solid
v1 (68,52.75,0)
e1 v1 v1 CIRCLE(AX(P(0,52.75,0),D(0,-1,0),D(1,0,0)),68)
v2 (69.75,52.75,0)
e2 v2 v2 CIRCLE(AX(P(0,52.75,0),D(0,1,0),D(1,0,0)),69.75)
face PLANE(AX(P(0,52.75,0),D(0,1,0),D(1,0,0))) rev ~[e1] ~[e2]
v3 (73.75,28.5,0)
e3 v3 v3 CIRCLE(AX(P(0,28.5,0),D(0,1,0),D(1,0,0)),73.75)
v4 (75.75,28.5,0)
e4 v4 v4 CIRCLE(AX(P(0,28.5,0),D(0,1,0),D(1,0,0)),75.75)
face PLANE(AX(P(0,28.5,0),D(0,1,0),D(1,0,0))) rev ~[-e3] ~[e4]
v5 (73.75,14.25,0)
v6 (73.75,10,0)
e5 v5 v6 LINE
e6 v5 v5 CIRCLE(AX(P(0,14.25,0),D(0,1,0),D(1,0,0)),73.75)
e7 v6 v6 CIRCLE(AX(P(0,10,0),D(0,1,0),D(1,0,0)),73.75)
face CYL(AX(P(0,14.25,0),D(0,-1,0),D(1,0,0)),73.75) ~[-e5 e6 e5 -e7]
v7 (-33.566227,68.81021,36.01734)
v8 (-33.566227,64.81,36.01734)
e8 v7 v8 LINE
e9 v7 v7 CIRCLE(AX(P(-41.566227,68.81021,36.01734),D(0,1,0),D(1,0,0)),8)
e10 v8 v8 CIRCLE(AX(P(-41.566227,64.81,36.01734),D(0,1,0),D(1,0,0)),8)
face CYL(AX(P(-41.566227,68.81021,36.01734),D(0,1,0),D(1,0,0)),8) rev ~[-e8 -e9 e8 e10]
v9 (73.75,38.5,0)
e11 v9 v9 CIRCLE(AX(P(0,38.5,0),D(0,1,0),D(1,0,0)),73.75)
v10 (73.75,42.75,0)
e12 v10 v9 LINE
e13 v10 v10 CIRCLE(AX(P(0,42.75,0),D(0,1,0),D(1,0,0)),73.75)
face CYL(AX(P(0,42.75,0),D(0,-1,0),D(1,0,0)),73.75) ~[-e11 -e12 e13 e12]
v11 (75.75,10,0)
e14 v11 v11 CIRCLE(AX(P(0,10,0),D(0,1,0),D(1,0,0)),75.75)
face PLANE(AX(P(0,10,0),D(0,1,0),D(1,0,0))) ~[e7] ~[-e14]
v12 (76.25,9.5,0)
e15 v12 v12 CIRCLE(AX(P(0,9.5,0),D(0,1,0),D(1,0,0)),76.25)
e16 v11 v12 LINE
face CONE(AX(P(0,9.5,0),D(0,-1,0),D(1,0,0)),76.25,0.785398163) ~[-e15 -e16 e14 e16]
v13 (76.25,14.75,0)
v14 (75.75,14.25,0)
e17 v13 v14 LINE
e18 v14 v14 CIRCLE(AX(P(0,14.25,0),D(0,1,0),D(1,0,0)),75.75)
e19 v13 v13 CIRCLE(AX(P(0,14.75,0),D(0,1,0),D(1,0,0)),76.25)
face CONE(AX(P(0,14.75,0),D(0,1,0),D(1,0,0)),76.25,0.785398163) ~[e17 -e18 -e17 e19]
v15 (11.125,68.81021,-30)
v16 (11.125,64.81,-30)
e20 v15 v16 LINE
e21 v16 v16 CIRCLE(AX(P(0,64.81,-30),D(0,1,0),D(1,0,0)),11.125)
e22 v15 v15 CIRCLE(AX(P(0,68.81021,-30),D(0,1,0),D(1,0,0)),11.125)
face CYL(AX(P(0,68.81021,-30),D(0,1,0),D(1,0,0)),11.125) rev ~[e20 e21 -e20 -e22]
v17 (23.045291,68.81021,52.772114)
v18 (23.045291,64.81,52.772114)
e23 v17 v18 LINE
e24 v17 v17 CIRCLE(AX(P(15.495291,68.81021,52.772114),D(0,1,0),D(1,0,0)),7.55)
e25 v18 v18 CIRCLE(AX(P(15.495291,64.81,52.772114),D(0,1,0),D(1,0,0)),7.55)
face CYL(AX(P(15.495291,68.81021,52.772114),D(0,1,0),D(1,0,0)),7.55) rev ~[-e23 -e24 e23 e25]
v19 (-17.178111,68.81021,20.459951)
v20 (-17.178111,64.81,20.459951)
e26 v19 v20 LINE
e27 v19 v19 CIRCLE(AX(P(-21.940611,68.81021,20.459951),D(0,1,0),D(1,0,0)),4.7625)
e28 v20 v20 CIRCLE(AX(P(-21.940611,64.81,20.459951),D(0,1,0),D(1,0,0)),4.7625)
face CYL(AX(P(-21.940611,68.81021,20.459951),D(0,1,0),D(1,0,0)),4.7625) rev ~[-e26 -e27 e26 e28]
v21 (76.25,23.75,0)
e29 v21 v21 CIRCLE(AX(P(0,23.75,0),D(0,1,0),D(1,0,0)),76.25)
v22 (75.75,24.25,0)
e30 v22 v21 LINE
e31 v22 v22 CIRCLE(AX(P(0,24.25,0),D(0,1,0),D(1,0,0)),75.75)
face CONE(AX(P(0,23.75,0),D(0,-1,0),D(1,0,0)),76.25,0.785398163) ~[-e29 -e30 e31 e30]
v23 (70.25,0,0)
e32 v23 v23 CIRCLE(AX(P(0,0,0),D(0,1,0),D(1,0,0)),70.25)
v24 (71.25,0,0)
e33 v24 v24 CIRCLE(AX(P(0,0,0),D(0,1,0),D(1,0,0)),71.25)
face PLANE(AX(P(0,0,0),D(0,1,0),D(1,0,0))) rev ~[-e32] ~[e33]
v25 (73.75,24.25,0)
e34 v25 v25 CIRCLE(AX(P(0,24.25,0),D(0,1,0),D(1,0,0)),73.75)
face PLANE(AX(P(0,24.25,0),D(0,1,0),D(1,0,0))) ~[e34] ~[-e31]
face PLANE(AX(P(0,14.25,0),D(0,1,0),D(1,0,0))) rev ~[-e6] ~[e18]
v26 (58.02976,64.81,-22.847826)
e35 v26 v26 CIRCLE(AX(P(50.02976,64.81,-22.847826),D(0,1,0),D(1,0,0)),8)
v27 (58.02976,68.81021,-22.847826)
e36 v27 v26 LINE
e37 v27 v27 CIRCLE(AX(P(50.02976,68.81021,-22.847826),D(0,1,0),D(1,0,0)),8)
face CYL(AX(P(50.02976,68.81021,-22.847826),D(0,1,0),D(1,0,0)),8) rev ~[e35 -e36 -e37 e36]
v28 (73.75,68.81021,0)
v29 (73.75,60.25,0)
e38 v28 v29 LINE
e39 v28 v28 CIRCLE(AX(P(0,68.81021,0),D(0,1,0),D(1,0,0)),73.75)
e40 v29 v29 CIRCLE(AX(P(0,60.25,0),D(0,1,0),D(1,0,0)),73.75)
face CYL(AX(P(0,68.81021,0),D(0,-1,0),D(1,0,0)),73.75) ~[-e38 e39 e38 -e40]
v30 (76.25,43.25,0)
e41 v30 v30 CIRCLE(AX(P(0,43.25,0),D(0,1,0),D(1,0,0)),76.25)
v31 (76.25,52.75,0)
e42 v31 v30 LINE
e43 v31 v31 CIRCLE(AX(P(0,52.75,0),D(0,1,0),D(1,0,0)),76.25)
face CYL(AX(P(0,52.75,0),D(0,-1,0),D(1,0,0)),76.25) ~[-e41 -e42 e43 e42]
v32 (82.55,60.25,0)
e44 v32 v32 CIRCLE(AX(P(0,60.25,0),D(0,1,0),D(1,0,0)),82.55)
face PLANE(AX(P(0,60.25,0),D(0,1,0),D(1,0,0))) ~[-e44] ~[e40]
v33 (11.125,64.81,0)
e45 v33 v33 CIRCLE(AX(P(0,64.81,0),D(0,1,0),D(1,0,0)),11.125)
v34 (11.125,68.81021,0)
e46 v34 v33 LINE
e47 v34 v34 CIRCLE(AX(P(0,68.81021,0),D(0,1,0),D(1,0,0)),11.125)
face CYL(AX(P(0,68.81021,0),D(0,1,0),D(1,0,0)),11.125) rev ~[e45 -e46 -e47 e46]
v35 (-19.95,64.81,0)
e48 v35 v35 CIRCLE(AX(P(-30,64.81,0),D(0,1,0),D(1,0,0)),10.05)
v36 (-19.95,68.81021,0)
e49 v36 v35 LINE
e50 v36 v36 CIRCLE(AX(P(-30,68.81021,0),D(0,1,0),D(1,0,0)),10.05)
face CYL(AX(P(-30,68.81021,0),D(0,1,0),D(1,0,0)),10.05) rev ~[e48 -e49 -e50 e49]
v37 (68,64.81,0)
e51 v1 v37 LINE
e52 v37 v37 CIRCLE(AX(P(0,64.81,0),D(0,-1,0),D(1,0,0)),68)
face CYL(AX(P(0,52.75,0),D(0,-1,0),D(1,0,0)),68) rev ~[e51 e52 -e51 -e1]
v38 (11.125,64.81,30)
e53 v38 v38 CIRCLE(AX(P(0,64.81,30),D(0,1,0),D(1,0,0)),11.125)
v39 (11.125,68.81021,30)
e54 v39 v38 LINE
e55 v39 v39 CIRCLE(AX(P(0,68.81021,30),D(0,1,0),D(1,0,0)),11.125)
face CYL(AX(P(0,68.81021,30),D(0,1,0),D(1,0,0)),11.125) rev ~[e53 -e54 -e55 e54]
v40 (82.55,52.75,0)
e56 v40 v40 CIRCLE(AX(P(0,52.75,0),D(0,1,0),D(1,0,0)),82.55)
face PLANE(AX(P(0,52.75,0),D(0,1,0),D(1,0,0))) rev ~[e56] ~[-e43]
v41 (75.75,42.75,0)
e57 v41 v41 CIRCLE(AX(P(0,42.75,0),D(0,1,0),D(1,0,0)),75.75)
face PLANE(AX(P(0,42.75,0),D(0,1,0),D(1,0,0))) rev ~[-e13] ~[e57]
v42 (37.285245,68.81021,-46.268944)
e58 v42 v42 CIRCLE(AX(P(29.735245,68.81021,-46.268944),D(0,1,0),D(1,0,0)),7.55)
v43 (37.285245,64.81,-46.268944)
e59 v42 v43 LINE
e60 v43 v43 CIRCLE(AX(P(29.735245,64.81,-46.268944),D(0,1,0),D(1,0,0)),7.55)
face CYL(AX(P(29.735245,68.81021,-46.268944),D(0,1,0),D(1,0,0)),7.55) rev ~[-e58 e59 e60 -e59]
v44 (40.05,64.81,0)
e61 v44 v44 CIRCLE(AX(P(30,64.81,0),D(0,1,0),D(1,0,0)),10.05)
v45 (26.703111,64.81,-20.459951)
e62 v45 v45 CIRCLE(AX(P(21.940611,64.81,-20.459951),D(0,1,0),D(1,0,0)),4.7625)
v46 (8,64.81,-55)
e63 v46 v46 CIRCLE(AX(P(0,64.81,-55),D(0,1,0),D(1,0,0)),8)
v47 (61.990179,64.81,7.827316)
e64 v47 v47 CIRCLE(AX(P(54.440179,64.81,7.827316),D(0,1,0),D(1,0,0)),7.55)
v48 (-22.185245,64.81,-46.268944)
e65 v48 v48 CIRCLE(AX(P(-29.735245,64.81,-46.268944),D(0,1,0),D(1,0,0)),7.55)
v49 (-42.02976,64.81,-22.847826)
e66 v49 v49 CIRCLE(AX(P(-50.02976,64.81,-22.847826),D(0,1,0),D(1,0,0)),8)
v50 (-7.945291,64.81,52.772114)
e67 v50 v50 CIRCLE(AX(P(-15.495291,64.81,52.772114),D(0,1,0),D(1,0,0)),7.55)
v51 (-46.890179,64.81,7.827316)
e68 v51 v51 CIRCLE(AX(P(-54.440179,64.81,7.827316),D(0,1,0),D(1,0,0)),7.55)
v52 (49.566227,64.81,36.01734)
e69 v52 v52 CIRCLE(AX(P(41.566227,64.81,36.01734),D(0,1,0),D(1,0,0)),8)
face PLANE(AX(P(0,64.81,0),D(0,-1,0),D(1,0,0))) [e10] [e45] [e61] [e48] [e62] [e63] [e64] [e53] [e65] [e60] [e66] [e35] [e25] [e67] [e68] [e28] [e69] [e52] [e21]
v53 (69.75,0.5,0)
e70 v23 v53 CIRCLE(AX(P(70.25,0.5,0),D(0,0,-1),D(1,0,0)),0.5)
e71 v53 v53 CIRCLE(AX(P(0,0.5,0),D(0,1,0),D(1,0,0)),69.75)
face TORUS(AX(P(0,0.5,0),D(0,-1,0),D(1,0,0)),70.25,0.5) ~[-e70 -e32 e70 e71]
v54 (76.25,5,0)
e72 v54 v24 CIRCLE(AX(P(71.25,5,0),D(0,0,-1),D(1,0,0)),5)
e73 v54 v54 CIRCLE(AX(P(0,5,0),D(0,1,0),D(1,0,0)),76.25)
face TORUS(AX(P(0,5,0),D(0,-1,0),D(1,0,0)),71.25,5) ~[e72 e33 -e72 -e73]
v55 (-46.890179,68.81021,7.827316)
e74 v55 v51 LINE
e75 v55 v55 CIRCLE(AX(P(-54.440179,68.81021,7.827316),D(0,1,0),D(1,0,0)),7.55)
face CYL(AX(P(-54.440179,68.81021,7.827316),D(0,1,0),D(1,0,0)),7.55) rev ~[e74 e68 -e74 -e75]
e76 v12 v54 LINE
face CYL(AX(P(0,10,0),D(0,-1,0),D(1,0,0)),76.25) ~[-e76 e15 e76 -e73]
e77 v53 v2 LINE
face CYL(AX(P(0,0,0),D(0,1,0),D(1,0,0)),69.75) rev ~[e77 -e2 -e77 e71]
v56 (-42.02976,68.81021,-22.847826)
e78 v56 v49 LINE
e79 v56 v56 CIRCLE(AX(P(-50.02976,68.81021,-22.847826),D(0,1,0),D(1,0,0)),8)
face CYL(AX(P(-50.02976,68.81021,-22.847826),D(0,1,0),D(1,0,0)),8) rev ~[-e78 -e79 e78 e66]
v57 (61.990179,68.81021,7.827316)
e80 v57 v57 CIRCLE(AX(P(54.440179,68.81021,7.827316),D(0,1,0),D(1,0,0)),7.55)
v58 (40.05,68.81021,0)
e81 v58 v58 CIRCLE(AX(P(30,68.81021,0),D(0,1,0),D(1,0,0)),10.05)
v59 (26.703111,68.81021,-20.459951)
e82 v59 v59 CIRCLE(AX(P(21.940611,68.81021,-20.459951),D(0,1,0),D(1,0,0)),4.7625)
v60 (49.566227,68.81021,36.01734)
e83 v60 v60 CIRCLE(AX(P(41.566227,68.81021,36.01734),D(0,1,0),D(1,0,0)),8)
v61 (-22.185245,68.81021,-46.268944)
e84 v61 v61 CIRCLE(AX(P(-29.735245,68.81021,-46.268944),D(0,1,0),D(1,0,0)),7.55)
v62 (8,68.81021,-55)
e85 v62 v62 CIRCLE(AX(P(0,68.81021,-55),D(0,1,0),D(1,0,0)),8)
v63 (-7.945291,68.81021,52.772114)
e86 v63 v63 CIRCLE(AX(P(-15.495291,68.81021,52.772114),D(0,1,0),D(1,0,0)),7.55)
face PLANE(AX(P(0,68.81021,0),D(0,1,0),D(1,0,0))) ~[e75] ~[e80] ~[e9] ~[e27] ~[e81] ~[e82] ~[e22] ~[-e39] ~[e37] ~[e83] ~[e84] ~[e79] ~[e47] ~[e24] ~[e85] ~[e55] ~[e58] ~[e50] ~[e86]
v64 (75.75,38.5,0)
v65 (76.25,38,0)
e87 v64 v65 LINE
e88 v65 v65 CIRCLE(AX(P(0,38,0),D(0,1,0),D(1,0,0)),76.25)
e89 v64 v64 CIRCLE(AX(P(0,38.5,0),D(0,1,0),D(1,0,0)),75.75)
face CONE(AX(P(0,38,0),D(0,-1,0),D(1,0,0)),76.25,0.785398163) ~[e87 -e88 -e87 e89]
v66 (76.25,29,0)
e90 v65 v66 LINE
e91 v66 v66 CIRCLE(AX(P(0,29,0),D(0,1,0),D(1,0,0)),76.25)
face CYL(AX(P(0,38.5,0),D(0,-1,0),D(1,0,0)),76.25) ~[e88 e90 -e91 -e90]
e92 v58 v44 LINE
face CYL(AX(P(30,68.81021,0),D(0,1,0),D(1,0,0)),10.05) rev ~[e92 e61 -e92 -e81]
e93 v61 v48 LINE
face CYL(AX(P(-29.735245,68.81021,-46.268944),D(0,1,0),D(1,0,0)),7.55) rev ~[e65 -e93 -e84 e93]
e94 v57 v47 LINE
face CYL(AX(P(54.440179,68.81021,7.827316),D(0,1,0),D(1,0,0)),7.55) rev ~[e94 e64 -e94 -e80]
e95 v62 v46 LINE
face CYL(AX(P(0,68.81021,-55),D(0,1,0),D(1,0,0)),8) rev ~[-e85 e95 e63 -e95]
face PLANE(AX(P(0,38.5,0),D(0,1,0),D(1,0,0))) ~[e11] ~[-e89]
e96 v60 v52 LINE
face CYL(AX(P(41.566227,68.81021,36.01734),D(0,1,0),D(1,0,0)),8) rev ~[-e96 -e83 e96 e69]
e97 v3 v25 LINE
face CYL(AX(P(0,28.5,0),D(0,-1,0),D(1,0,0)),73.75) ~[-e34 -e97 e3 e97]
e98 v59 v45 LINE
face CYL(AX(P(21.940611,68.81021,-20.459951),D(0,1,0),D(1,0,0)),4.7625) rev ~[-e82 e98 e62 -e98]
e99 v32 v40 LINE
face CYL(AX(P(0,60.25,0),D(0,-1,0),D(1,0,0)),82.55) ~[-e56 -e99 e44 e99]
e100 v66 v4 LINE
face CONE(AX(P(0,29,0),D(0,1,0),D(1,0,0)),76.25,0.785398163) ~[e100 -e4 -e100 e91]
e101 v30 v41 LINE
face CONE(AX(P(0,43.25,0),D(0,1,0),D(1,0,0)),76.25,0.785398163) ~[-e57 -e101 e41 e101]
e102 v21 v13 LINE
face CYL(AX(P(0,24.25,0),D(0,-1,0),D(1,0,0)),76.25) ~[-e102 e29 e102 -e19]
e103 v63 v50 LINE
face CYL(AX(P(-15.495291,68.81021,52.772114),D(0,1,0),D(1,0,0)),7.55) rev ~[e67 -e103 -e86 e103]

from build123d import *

# Parameters (mm, degrees)
CHAMFER1_SIZE      = 0.5
FILLET3_R          = 5
FILLET4_R          = 0.5
CUT_EXTRUDE1_REACH = 70.81
SKETCH3_R          = 11.125
SKETCH3_R_2        = 10.05
SKETCH3_R_3        = 8
SKETCH3_R_4        = 7.55
SKETCH3_R_5        = 4.7625
SKETCH4_R          = 68
CUT_EXTRUDE2_DEPTH = 12.06


with BuildPart() as part:
    # Sketch2 → Revolve1 (revolve)
    with BuildSketch(Plane.XY):
        Polygon((76.25, 52.75), (76.25, 42.75), (73.75, 42.75), (73.75, 38.5), (76.25, 38.5), (76.25, 28.5), (73.75, 28.5), (73.75, 24.25), (76.25, 24.25), (76.25, 14.25), (73.75, 14.25), (73.75, 10), (76.25, 10), (76.25, 0), (69.75, 0), (69.75, 52.75), (0, 52.75), (0, 60.25), (0, 68.810209945), (73.75, 68.810209945), (73.75, 60.25), (82.55, 60.25), (82.55, 52.75), align=None)
    revolve(axis=Axis((0, 0, 0), (0, 1, 0)))

    # Chamfer1
    chamfer1_edges = [part.edges().sort_by_distance(p)[0] for p in [
        (-76.25, 42.75, 0),
        (-76.25, 38.5, 0),
        (-76.25, 28.5, 0),
        (-76.25, 24.25, 0),
        (-76.25, 14.25, 0),
        (-76.25, 10, 0),
    ]]
    chamfer(chamfer1_edges, length=CHAMFER1_SIZE)

    # Fillet3
    fillet3_edges = [part.edges().sort_by_distance(p)[0] for p in [
        (-76.25, 0, 0),
    ]]
    fillet(fillet3_edges, radius=FILLET3_R)

    # Fillet4
    fillet4_edges = [part.edges().sort_by_distance(p)[0] for p in [
        (-69.75, 0, 0),
    ]]
    fillet(fillet4_edges, radius=FILLET4_R)

    # Sketch3 → Cut-Extrude1 (cut, up to next)
    with BuildSketch(Plane(origin=(0, 68.810209945, 0), x_dir=(1, 0, 0), z_dir=(0, 1, 0)), mode=Mode.PRIVATE) as cut_extrude1_sk1:
        Circle(SKETCH3_R)
    cut_extrude1_tool1 = extrude(cut_extrude1_sk1.sketch, amount=-CUT_EXTRUDE1_REACH, mode=Mode.PRIVATE) & part.part
    add(cut_extrude1_tool1.solids().sort_by_distance((0, 68.81021, 0))[0], mode=Mode.SUBTRACT)
    # Sketch3 → Cut-Extrude1 (cut, up to next)
    with BuildSketch(Plane(origin=(0, 68.810209945, 0), x_dir=(1, 0, 0), z_dir=(0, 1, 0)), mode=Mode.PRIVATE) as cut_extrude1_sk2:
        with Locations((30, 0)):
            Circle(SKETCH3_R_2)
    cut_extrude1_tool2 = extrude(cut_extrude1_sk2.sketch, amount=-CUT_EXTRUDE1_REACH, mode=Mode.PRIVATE) & part.part
    add(cut_extrude1_tool2.solids().sort_by_distance((30, 68.81021, 0))[0], mode=Mode.SUBTRACT)
    # Sketch3 → Cut-Extrude1 (cut, up to next)
    with BuildSketch(Plane(origin=(0, 68.810209945, 0), x_dir=(1, 0, 0), z_dir=(0, 1, 0)), mode=Mode.PRIVATE) as cut_extrude1_sk3:
        with Locations((0, -30)):
            Circle(SKETCH3_R)
    cut_extrude1_tool3 = extrude(cut_extrude1_sk3.sketch, amount=-CUT_EXTRUDE1_REACH, mode=Mode.PRIVATE) & part.part
    add(cut_extrude1_tool3.solids().sort_by_distance((0, 68.81021, 30))[0], mode=Mode.SUBTRACT)
    # Sketch3 → Cut-Extrude1 (cut, up to next)
    with BuildSketch(Plane(origin=(0, 68.810209945, 0), x_dir=(1, 0, 0), z_dir=(0, 1, 0)), mode=Mode.PRIVATE) as cut_extrude1_sk4:
        with Locations((-30, 0)):
            Circle(SKETCH3_R_2)
    cut_extrude1_tool4 = extrude(cut_extrude1_sk4.sketch, amount=-CUT_EXTRUDE1_REACH, mode=Mode.PRIVATE) & part.part
    add(cut_extrude1_tool4.solids().sort_by_distance((-30, 68.81021, 0))[0], mode=Mode.SUBTRACT)
    # Sketch3 → Cut-Extrude1 (cut, up to next)
    with BuildSketch(Plane(origin=(0, 68.810209945, 0), x_dir=(1, 0, 0), z_dir=(0, 1, 0)), mode=Mode.PRIVATE) as cut_extrude1_sk5:
        with Locations((0, 30)):
            Circle(SKETCH3_R)
    cut_extrude1_tool5 = extrude(cut_extrude1_sk5.sketch, amount=-CUT_EXTRUDE1_REACH, mode=Mode.PRIVATE) & part.part
    add(cut_extrude1_tool5.solids().sort_by_distance((0, 68.81021, -30))[0], mode=Mode.SUBTRACT)
    # Sketch3 → Cut-Extrude1 (cut, up to next)
    with BuildSketch(Plane(origin=(0, 68.810209945, 0), x_dir=(1, 0, 0), z_dir=(0, 1, 0)), mode=Mode.PRIVATE) as cut_extrude1_sk6:
        with Locations((0, 55)):
            Circle(SKETCH3_R_3)
    cut_extrude1_tool6 = extrude(cut_extrude1_sk6.sketch, amount=-CUT_EXTRUDE1_REACH, mode=Mode.PRIVATE) & part.part
    add(cut_extrude1_tool6.solids().sort_by_distance((0, 68.81021, -55))[0], mode=Mode.SUBTRACT)
    # Sketch3 → Cut-Extrude1 (cut, up to next)
    with BuildSketch(Plane(origin=(0, 68.810209945, 0), x_dir=(1, 0, 0), z_dir=(0, 1, 0)), mode=Mode.PRIVATE) as cut_extrude1_sk7:
        with Locations((29.73524496, 46.268944306)):
            Circle(SKETCH3_R_4)
    cut_extrude1_tool7 = extrude(cut_extrude1_sk7.sketch, amount=-CUT_EXTRUDE1_REACH, mode=Mode.PRIVATE) & part.part
    add(cut_extrude1_tool7.solids().sort_by_distance((29.735245, 68.81021, -46.268944))[0], mode=Mode.SUBTRACT)
    # Sketch3 → Cut-Extrude1 (cut, up to next)
    with BuildSketch(Plane(origin=(0, 68.810209945, 0), x_dir=(1, 0, 0), z_dir=(0, 1, 0)), mode=Mode.PRIVATE) as cut_extrude1_sk8:
        with Locations((50.029759744, 22.847825715)):
            Circle(SKETCH3_R_3)
    cut_extrude1_tool8 = extrude(cut_extrude1_sk8.sketch, amount=-CUT_EXTRUDE1_REACH, mode=Mode.PRIVATE) & part.part
    add(cut_extrude1_tool8.solids().sort_by_distance((50.02976, 68.81021, -22.847826))[0], mode=Mode.SUBTRACT)
    # Sketch3 → Cut-Extrude1 (cut, up to next)
    with BuildSketch(Plane(origin=(0, 68.810209945, 0), x_dir=(1, 0, 0), z_dir=(0, 1, 0)), mode=Mode.PRIVATE) as cut_extrude1_sk9:
        with Locations((54.440179303, -7.827316105)):
            Circle(SKETCH3_R_4)
    cut_extrude1_tool9 = extrude(cut_extrude1_sk9.sketch, amount=-CUT_EXTRUDE1_REACH, mode=Mode.PRIVATE) & part.part
    add(cut_extrude1_tool9.solids().sort_by_distance((54.440179, 68.81021, 7.827316))[0], mode=Mode.SUBTRACT)
    # Sketch3 → Cut-Extrude1 (cut, up to next)
    with BuildSketch(Plane(origin=(0, 68.810209945, 0), x_dir=(1, 0, 0), z_dir=(0, 1, 0)), mode=Mode.PRIVATE) as cut_extrude1_sk10:
        with Locations((41.566226589, -36.017340367)):
            Circle(SKETCH3_R_3)
    cut_extrude1_tool10 = extrude(cut_extrude1_sk10.sketch, amount=-CUT_EXTRUDE1_REACH, mode=Mode.PRIVATE) & part.part
    add(cut_extrude1_tool10.solids().sort_by_distance((41.566227, 68.81021, 36.01734))[0], mode=Mode.SUBTRACT)
    # Sketch3 → Cut-Extrude1 (cut, up to next)
    with BuildSketch(Plane(origin=(0, 68.810209945, 0), x_dir=(1, 0, 0), z_dir=(0, 1, 0)), mode=Mode.PRIVATE) as cut_extrude1_sk11:
        with Locations((15.495290626, -52.772113549)):
            Circle(SKETCH3_R_4)
    cut_extrude1_tool11 = extrude(cut_extrude1_sk11.sketch, amount=-CUT_EXTRUDE1_REACH, mode=Mode.PRIVATE) & part.part
    add(cut_extrude1_tool11.solids().sort_by_distance((15.495291, 68.81021, 52.772114))[0], mode=Mode.SUBTRACT)
    # Sketch3 → Cut-Extrude1 (cut, up to next)
    with BuildSketch(Plane(origin=(0, 68.810209945, 0), x_dir=(1, 0, 0), z_dir=(0, 1, 0)), mode=Mode.PRIVATE) as cut_extrude1_sk12:
        with Locations((-15.495290626, -52.772113549)):
            Circle(SKETCH3_R_4)
    cut_extrude1_tool12 = extrude(cut_extrude1_sk12.sketch, amount=-CUT_EXTRUDE1_REACH, mode=Mode.PRIVATE) & part.part
    add(cut_extrude1_tool12.solids().sort_by_distance((-15.495291, 68.81021, 52.772114))[0], mode=Mode.SUBTRACT)
    # Sketch3 → Cut-Extrude1 (cut, up to next)
    with BuildSketch(Plane(origin=(0, 68.810209945, 0), x_dir=(1, 0, 0), z_dir=(0, 1, 0)), mode=Mode.PRIVATE) as cut_extrude1_sk13:
        with Locations((-41.566226589, -36.017340367)):
            Circle(SKETCH3_R_3)
    cut_extrude1_tool13 = extrude(cut_extrude1_sk13.sketch, amount=-CUT_EXTRUDE1_REACH, mode=Mode.PRIVATE) & part.part
    add(cut_extrude1_tool13.solids().sort_by_distance((-41.566227, 68.81021, 36.01734))[0], mode=Mode.SUBTRACT)
    # Sketch3 → Cut-Extrude1 (cut, up to next)
    with BuildSketch(Plane(origin=(0, 68.810209945, 0), x_dir=(1, 0, 0), z_dir=(0, 1, 0)), mode=Mode.PRIVATE) as cut_extrude1_sk14:
        with Locations((-54.440179303, -7.827316105)):
            Circle(SKETCH3_R_4)
    cut_extrude1_tool14 = extrude(cut_extrude1_sk14.sketch, amount=-CUT_EXTRUDE1_REACH, mode=Mode.PRIVATE) & part.part
    add(cut_extrude1_tool14.solids().sort_by_distance((-54.440179, 68.81021, 7.827316))[0], mode=Mode.SUBTRACT)
    # Sketch3 → Cut-Extrude1 (cut, up to next)
    with BuildSketch(Plane(origin=(0, 68.810209945, 0), x_dir=(1, 0, 0), z_dir=(0, 1, 0)), mode=Mode.PRIVATE) as cut_extrude1_sk15:
        with Locations((-50.029759744, 22.847825715)):
            Circle(SKETCH3_R_3)
    cut_extrude1_tool15 = extrude(cut_extrude1_sk15.sketch, amount=-CUT_EXTRUDE1_REACH, mode=Mode.PRIVATE) & part.part
    add(cut_extrude1_tool15.solids().sort_by_distance((-50.02976, 68.81021, -22.847826))[0], mode=Mode.SUBTRACT)
    # Sketch3 → Cut-Extrude1 (cut, up to next)
    with BuildSketch(Plane(origin=(0, 68.810209945, 0), x_dir=(1, 0, 0), z_dir=(0, 1, 0)), mode=Mode.PRIVATE) as cut_extrude1_sk16:
        with Locations((-29.73524496, 46.268944306)):
            Circle(SKETCH3_R_4)
    cut_extrude1_tool16 = extrude(cut_extrude1_sk16.sketch, amount=-CUT_EXTRUDE1_REACH, mode=Mode.PRIVATE) & part.part
    add(cut_extrude1_tool16.solids().sort_by_distance((-29.735245, 68.81021, -46.268944))[0], mode=Mode.SUBTRACT)
    # Sketch3 → Cut-Extrude1 (cut, up to next)
    with BuildSketch(Plane(origin=(0, 68.810209945, 0), x_dir=(1, 0, 0), z_dir=(0, 1, 0)), mode=Mode.PRIVATE) as cut_extrude1_sk17:
        with Locations((21.940611049, 20.459950802)):
            Circle(SKETCH3_R_5)
    cut_extrude1_tool17 = extrude(cut_extrude1_sk17.sketch, amount=-CUT_EXTRUDE1_REACH, mode=Mode.PRIVATE) & part.part
    add(cut_extrude1_tool17.solids().sort_by_distance((21.940611, 68.81021, -20.459951))[0], mode=Mode.SUBTRACT)
    # Sketch3 → Cut-Extrude1 (cut, up to next)
    with BuildSketch(Plane(origin=(0, 68.810209945, 0), x_dir=(1, 0, 0), z_dir=(0, 1, 0)), mode=Mode.PRIVATE) as cut_extrude1_sk18:
        with Locations((-21.940611049, -20.459950802)):
            Circle(SKETCH3_R_5)
    cut_extrude1_tool18 = extrude(cut_extrude1_sk18.sketch, amount=-CUT_EXTRUDE1_REACH, mode=Mode.PRIVATE) & part.part
    add(cut_extrude1_tool18.solids().sort_by_distance((-21.940611, 68.81021, 20.459951))[0], mode=Mode.SUBTRACT)

    # Sketch4 → Cut-Extrude2 (cut)
    with BuildSketch(Plane.XZ.offset(-52.75)):
        Circle(SKETCH4_R)
    extrude(amount=-CUT_EXTRUDE2_DEPTH, mode=Mode.SUBTRACT)


solid = part.part
